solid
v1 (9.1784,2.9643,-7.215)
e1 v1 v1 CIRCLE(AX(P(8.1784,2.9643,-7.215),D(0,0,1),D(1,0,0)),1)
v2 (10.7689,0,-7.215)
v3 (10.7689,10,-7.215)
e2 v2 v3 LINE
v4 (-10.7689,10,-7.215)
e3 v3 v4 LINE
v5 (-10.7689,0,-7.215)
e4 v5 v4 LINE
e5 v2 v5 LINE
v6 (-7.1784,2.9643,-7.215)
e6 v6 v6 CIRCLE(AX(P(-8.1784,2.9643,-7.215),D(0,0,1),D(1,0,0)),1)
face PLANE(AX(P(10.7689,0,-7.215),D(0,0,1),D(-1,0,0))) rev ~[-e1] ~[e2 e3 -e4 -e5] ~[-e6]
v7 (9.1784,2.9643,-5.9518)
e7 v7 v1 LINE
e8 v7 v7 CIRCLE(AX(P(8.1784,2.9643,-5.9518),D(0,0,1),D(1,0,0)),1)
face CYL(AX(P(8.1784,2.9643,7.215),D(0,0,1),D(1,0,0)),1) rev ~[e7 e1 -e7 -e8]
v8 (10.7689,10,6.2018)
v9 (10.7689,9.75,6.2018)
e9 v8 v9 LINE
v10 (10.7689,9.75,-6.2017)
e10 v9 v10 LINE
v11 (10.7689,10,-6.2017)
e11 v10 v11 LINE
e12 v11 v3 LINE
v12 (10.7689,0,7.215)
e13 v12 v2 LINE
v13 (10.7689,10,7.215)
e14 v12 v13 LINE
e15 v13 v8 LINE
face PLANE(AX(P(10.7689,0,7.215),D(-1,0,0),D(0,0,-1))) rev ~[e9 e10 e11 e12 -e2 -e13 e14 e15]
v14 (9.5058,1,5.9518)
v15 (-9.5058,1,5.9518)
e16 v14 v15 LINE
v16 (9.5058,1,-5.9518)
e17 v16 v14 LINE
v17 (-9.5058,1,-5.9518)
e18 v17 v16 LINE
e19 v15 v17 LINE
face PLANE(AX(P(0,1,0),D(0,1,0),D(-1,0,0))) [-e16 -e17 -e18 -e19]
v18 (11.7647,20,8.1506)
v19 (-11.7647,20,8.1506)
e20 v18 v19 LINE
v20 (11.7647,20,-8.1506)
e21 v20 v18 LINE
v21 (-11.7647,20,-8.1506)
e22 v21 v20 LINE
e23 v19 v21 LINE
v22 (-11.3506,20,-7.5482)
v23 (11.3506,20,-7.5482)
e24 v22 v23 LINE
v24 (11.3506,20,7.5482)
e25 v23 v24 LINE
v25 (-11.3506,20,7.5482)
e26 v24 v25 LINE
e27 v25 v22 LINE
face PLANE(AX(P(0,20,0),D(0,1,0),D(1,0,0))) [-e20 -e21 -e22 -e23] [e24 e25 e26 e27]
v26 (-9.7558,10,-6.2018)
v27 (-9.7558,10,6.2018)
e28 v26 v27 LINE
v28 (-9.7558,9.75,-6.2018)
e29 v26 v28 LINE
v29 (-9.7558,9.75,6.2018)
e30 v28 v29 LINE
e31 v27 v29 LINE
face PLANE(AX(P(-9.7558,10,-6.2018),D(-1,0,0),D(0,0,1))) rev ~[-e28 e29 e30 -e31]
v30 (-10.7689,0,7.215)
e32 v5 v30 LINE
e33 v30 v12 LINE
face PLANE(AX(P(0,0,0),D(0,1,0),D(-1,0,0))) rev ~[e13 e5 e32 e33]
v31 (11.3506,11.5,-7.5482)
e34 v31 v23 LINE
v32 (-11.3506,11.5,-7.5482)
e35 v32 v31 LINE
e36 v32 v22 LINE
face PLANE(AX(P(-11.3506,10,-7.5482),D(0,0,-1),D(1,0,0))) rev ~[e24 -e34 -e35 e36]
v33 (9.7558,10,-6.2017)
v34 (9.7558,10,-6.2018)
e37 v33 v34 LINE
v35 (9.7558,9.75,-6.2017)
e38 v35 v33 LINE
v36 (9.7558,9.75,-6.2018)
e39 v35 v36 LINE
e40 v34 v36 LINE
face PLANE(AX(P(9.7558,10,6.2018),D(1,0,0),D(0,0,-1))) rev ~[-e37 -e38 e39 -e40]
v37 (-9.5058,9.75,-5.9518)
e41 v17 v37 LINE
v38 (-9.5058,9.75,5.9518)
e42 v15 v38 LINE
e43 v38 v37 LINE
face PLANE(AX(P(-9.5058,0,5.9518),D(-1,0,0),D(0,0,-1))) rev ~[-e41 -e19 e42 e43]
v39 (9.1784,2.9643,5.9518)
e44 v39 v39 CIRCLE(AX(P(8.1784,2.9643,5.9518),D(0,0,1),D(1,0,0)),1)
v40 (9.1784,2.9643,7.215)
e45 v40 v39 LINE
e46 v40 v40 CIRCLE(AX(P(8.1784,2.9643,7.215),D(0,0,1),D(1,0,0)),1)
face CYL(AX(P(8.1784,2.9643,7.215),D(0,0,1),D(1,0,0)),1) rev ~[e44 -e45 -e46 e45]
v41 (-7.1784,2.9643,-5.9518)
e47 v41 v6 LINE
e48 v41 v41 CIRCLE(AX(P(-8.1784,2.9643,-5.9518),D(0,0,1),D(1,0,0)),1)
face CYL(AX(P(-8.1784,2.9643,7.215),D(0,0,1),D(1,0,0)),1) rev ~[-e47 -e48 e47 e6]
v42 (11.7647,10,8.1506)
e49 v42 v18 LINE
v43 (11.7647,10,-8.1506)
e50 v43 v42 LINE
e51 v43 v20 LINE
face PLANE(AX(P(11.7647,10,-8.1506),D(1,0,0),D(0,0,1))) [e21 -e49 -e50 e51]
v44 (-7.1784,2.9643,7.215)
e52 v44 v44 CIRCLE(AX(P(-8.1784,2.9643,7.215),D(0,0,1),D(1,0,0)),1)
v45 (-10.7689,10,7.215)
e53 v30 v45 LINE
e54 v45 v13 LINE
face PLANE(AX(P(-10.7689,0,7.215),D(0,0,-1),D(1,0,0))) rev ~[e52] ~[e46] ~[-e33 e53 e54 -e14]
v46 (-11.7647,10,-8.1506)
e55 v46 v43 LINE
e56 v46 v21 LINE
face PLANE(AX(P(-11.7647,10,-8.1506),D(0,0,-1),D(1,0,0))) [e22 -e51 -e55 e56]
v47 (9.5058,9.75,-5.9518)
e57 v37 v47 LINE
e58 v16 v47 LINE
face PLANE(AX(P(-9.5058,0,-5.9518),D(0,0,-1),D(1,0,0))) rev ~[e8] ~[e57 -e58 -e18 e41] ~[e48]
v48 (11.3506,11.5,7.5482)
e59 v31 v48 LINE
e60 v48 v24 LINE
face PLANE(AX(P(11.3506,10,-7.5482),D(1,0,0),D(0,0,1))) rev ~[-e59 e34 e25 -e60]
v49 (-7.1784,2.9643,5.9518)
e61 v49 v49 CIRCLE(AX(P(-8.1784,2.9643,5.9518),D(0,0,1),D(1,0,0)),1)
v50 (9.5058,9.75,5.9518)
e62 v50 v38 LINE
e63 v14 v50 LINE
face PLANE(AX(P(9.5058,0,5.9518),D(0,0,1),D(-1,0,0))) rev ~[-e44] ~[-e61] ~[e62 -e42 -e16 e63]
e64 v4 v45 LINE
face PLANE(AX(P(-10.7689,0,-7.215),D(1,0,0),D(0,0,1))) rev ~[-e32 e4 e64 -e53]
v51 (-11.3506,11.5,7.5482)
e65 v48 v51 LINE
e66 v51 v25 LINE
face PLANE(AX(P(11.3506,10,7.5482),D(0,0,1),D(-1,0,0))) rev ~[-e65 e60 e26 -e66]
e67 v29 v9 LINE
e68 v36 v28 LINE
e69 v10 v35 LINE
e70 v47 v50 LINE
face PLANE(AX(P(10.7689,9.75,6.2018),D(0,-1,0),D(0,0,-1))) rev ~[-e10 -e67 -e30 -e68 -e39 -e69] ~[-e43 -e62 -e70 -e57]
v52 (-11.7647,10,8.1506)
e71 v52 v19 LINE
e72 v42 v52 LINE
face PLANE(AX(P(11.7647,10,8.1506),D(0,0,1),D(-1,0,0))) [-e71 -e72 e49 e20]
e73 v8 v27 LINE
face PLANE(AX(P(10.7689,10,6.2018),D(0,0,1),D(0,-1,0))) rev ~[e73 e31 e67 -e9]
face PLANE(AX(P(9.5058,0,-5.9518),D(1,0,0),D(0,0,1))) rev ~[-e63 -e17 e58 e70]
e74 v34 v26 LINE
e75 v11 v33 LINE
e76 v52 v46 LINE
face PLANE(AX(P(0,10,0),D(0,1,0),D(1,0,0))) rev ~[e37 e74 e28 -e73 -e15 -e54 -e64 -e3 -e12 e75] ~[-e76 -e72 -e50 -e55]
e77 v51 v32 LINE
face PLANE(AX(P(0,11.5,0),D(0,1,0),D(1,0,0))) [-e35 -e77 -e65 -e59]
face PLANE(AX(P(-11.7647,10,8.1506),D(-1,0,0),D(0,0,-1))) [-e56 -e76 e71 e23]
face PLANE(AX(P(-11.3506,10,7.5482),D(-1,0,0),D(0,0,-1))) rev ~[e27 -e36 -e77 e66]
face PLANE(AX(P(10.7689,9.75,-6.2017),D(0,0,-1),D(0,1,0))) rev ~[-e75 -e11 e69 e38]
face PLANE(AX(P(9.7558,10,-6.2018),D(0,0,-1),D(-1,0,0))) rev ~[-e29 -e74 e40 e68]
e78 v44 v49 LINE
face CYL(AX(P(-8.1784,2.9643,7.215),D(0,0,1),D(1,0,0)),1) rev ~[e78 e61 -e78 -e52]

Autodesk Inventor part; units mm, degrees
ref_plane "YZ Plane" through (0, 0, 0) normal (1, 0, 0) x (0, 1, 0)
ref_plane "XZ Plane" through (0, 0, 0) normal (0, 1, 0) x (-1, 0, 0)
ref_plane "XY Plane" through (0, 0, 0) normal (0, 0, 1) x (1, 0, 0)
sketch "Sketch1" plane through (0, 0, 0) normal (0, 1, 0) x (-1, 0, 0)
  point P0 (0, 0)
sketch "Sketch2" plane through (0, 0, 0) normal (0, 1, 0) x (-1, 0, 0)
  line L0 (-10.7689, -7.215) -> (10.7689, -7.215)
  line L1 (10.7689, -7.215) -> (10.7689, 7.215)
  line L2 (10.7689, 7.215) -> (-10.7689, 7.215)
  line L3 (-10.7689, 7.215) -> (-10.7689, -7.215)
  line L4 (-10.7689, -7.215) -> (10.7689, 7.215) construction
  line L5 (10.7689, -7.215) -> (-10.7689, 7.215) construction
  line L6 (9.5058, 5.9518) -> (9.5058, -5.9518)
  line L7 (9.5058, -5.9518) -> (-9.5058, -5.9518)
  line L8 (-9.5058, -5.9518) -> (-9.5058, 5.9518)
  line L9 (-9.5058, 5.9518) -> (9.5058, 5.9518)
  point P0 (0, 0)
extrude "Extrusion1" add sketch "Sketch2" along normal blind 10
sketch "Sketch3" plane through (-10.7689, 0, 7.215) normal (0, 0, 1) x (1, 0, 0)
  circle A0 centre (2.5905, 2.9643) radius 1
  line L0 (20.2747, 10) -> (1.2632, 10) projected
  line L1 (10.7689, 10) -> (10.7689, 0)
  circle A1 centre (18.9473, 2.9643) radius 1
  dimension "d2" = 2
extrude "Extrusion2" cut sketch "Sketch3" against normal through all
extrude "Extrusion3" add sketch "Sketch2" along normal blind 1 contours L6 L7 L8 L9
sketch "Sketch4" plane through (10.7689, 0, 7.215) normal (1, 0, 0) x (0, 0, -1)
  line L0 (0, 0) -> (14.4299, 0) projected
  line L1 (14.4299, 0) -> (14.4299, 10) projected
  line L2 (0, 10) -> (14.4299, 10) projected
  line L3 (0, 0) -> (0, 10) projected
  point P0 (7.215, 0)
sketch "Sketch5" plane through (0, 10, 0) normal (0, 1, 0) x (1, 0, 0)
  line L0 (-9.5058, -5.9518) -> (-9.5058, 5.9518) projected
  line L1 (-9.5058, 5.9518) -> (9.5058, 5.9518) projected
  line L2 (9.5058, 5.9518) -> (9.5058, -5.9518) projected
  line L3 (9.5058, -5.9518) -> (-9.5058, -5.9518) projected
  line L4 (-9.7558, 6.2018) -> (-9.7558, -6.2018)
  line L5 (-9.7558, -6.2018) -> (9.7558, -6.2018)
  line L6 (9.7558, -6.2018) -> (9.7558, 6.2018)
  line L7 (9.7558, 6.2018) -> (-9.7558, 6.2018)
  point P0 (0, 0)
  dimension "d8" = 0.25
extrude "Extrusion4" cut sketch "Sketch5" against normal blind 0.25
sketch "Sketch6" plane through (9.7558, 10, -6.2018) normal (-1, 0, 0) x (0, 0, 1)
  line L0 (0, 0) -> (12.4036, 0) projected
  line L1 (0, 0) -> (0, -0.25) projected
  line L2 (0, -0.25) -> (12.4036, -0.25) projected
  line L3 (12.4036, 0) -> (12.4036, -0.25) projected
  point P0 (6.2018, -10)
sketch "Sketch7" plane through (10.7689, 0, 7.215) normal (1, 0, 0) x (0, 0, -1)
  line L0 (0, 10) -> (14.4299, 10) projected
  line L1 (1.0132, 10) -> (1.0132, 9.75) projected
  line L2 (13.4167, 10) -> (1.0132, 10) projected
  line L3 (1.0132, 10) -> (13.4167, 10)
  line L4 (1.0132, 10) -> (13.4167, 10)
  line L5 (1.0132, 10) -> (1.0132, 9.75)
  line L6 (1.0132, 9.75) -> (13.4167, 9.75)
  line L7 (13.4167, 9.75) -> (13.4167, 10)
  line L8 (13.4167, 10) -> (1.0132, 10)
  line L9 (1.0132, 10) -> (13.4167, 10)
  line L10 (13.4167, 10) -> (13.4167, 9.75)
  line L11 (13.4167, 9.75) -> (1.0132, 9.75)
  line L12 (1.0132, 9.75) -> (1.0132, 10)
  point P0 (7.215, 0)
  dimension "d11" = 0.25
extrude "Extrusion5" cut sketch "Sketch7" against normal up to surface (1.0132 mm away)
sketch "Sketch8" plane through (0, 10, 0) normal (0, 1, 0) x (1, 0, 0)
  line L0 (11.7647, -8.1506) -> (-11.7647, -8.1506)
  line L1 (-11.7647, -8.1506) -> (-11.7647, 8.1506)
  line L2 (-11.7647, 8.1506) -> (11.7647, 8.1506)
  line L3 (11.7647, 8.1506) -> (11.7647, -8.1506)
  line L4 (11.7647, -8.1506) -> (-11.7647, 8.1506) construction
  line L5 (-11.7647, -8.1506) -> (11.7647, 8.1506) construction
  line L6 (11.3506, -7.5482) -> (-11.3506, -7.5482)
  line L7 (-11.3506, -7.5482) -> (-11.3506, 7.5482)
  line L8 (-11.3506, 7.5482) -> (11.3506, 7.5482)
  line L9 (11.3506, 7.5482) -> (11.3506, -7.5482)
  line L10 (11.3506, -7.5482) -> (-11.3506, 7.5482) construction
  line L11 (-11.3506, -7.5482) -> (11.3506, 7.5482) construction
  point P0 (0, 0)
extrude "Extrusion6" add sketch "Sketch8" along normal blind 10
sketch "Sketch9" plane through (0, 10, 0) normal (0, 1, 0) x (1, 0, 0)
  line L0 (-9.7558, 6.2018) -> (10.7689, 6.2018) projected
  line L1 (10.7689, 6.2018) -> (10.7689, 7.215) projected
  line L2 (10.7689, 7.215) -> (-10.7689, 7.215) projected
  line L3 (-10.7689, 7.215) -> (-10.7689, -7.215) projected
  line L4 (-10.7689, -7.215) -> (10.7689, -7.215) projected
  line L5 (10.7689, -7.215) -> (10.7689, -6.2018) projected
  line L6 (10.7689, -6.2018) -> (-9.7558, -6.2018) projected
  line L7 (-9.7558, -6.2018) -> (-9.7558, 6.2018) projected
  line L8 (10.7689, -7.215) -> (-10.7689, -7.215)
  line L9 (-10.7689, -7.215) -> (-10.7689, 7.215)
  line L10 (-10.7689, 7.215) -> (10.7689, 7.215)
  line L11 (10.7689, 7.215) -> (10.7689, -7.215)
  line L12 (10.7689, -7.215) -> (-10.7689, 7.215) construction
  line L13 (-10.7689, -7.215) -> (10.7689, 7.215) construction
  point P0 (0, 0)
extrude "Extrusion7" add sketch "Sketch8" along normal blind 1.5 contours L6 L7 L8 L9
properties part number "base_box"
